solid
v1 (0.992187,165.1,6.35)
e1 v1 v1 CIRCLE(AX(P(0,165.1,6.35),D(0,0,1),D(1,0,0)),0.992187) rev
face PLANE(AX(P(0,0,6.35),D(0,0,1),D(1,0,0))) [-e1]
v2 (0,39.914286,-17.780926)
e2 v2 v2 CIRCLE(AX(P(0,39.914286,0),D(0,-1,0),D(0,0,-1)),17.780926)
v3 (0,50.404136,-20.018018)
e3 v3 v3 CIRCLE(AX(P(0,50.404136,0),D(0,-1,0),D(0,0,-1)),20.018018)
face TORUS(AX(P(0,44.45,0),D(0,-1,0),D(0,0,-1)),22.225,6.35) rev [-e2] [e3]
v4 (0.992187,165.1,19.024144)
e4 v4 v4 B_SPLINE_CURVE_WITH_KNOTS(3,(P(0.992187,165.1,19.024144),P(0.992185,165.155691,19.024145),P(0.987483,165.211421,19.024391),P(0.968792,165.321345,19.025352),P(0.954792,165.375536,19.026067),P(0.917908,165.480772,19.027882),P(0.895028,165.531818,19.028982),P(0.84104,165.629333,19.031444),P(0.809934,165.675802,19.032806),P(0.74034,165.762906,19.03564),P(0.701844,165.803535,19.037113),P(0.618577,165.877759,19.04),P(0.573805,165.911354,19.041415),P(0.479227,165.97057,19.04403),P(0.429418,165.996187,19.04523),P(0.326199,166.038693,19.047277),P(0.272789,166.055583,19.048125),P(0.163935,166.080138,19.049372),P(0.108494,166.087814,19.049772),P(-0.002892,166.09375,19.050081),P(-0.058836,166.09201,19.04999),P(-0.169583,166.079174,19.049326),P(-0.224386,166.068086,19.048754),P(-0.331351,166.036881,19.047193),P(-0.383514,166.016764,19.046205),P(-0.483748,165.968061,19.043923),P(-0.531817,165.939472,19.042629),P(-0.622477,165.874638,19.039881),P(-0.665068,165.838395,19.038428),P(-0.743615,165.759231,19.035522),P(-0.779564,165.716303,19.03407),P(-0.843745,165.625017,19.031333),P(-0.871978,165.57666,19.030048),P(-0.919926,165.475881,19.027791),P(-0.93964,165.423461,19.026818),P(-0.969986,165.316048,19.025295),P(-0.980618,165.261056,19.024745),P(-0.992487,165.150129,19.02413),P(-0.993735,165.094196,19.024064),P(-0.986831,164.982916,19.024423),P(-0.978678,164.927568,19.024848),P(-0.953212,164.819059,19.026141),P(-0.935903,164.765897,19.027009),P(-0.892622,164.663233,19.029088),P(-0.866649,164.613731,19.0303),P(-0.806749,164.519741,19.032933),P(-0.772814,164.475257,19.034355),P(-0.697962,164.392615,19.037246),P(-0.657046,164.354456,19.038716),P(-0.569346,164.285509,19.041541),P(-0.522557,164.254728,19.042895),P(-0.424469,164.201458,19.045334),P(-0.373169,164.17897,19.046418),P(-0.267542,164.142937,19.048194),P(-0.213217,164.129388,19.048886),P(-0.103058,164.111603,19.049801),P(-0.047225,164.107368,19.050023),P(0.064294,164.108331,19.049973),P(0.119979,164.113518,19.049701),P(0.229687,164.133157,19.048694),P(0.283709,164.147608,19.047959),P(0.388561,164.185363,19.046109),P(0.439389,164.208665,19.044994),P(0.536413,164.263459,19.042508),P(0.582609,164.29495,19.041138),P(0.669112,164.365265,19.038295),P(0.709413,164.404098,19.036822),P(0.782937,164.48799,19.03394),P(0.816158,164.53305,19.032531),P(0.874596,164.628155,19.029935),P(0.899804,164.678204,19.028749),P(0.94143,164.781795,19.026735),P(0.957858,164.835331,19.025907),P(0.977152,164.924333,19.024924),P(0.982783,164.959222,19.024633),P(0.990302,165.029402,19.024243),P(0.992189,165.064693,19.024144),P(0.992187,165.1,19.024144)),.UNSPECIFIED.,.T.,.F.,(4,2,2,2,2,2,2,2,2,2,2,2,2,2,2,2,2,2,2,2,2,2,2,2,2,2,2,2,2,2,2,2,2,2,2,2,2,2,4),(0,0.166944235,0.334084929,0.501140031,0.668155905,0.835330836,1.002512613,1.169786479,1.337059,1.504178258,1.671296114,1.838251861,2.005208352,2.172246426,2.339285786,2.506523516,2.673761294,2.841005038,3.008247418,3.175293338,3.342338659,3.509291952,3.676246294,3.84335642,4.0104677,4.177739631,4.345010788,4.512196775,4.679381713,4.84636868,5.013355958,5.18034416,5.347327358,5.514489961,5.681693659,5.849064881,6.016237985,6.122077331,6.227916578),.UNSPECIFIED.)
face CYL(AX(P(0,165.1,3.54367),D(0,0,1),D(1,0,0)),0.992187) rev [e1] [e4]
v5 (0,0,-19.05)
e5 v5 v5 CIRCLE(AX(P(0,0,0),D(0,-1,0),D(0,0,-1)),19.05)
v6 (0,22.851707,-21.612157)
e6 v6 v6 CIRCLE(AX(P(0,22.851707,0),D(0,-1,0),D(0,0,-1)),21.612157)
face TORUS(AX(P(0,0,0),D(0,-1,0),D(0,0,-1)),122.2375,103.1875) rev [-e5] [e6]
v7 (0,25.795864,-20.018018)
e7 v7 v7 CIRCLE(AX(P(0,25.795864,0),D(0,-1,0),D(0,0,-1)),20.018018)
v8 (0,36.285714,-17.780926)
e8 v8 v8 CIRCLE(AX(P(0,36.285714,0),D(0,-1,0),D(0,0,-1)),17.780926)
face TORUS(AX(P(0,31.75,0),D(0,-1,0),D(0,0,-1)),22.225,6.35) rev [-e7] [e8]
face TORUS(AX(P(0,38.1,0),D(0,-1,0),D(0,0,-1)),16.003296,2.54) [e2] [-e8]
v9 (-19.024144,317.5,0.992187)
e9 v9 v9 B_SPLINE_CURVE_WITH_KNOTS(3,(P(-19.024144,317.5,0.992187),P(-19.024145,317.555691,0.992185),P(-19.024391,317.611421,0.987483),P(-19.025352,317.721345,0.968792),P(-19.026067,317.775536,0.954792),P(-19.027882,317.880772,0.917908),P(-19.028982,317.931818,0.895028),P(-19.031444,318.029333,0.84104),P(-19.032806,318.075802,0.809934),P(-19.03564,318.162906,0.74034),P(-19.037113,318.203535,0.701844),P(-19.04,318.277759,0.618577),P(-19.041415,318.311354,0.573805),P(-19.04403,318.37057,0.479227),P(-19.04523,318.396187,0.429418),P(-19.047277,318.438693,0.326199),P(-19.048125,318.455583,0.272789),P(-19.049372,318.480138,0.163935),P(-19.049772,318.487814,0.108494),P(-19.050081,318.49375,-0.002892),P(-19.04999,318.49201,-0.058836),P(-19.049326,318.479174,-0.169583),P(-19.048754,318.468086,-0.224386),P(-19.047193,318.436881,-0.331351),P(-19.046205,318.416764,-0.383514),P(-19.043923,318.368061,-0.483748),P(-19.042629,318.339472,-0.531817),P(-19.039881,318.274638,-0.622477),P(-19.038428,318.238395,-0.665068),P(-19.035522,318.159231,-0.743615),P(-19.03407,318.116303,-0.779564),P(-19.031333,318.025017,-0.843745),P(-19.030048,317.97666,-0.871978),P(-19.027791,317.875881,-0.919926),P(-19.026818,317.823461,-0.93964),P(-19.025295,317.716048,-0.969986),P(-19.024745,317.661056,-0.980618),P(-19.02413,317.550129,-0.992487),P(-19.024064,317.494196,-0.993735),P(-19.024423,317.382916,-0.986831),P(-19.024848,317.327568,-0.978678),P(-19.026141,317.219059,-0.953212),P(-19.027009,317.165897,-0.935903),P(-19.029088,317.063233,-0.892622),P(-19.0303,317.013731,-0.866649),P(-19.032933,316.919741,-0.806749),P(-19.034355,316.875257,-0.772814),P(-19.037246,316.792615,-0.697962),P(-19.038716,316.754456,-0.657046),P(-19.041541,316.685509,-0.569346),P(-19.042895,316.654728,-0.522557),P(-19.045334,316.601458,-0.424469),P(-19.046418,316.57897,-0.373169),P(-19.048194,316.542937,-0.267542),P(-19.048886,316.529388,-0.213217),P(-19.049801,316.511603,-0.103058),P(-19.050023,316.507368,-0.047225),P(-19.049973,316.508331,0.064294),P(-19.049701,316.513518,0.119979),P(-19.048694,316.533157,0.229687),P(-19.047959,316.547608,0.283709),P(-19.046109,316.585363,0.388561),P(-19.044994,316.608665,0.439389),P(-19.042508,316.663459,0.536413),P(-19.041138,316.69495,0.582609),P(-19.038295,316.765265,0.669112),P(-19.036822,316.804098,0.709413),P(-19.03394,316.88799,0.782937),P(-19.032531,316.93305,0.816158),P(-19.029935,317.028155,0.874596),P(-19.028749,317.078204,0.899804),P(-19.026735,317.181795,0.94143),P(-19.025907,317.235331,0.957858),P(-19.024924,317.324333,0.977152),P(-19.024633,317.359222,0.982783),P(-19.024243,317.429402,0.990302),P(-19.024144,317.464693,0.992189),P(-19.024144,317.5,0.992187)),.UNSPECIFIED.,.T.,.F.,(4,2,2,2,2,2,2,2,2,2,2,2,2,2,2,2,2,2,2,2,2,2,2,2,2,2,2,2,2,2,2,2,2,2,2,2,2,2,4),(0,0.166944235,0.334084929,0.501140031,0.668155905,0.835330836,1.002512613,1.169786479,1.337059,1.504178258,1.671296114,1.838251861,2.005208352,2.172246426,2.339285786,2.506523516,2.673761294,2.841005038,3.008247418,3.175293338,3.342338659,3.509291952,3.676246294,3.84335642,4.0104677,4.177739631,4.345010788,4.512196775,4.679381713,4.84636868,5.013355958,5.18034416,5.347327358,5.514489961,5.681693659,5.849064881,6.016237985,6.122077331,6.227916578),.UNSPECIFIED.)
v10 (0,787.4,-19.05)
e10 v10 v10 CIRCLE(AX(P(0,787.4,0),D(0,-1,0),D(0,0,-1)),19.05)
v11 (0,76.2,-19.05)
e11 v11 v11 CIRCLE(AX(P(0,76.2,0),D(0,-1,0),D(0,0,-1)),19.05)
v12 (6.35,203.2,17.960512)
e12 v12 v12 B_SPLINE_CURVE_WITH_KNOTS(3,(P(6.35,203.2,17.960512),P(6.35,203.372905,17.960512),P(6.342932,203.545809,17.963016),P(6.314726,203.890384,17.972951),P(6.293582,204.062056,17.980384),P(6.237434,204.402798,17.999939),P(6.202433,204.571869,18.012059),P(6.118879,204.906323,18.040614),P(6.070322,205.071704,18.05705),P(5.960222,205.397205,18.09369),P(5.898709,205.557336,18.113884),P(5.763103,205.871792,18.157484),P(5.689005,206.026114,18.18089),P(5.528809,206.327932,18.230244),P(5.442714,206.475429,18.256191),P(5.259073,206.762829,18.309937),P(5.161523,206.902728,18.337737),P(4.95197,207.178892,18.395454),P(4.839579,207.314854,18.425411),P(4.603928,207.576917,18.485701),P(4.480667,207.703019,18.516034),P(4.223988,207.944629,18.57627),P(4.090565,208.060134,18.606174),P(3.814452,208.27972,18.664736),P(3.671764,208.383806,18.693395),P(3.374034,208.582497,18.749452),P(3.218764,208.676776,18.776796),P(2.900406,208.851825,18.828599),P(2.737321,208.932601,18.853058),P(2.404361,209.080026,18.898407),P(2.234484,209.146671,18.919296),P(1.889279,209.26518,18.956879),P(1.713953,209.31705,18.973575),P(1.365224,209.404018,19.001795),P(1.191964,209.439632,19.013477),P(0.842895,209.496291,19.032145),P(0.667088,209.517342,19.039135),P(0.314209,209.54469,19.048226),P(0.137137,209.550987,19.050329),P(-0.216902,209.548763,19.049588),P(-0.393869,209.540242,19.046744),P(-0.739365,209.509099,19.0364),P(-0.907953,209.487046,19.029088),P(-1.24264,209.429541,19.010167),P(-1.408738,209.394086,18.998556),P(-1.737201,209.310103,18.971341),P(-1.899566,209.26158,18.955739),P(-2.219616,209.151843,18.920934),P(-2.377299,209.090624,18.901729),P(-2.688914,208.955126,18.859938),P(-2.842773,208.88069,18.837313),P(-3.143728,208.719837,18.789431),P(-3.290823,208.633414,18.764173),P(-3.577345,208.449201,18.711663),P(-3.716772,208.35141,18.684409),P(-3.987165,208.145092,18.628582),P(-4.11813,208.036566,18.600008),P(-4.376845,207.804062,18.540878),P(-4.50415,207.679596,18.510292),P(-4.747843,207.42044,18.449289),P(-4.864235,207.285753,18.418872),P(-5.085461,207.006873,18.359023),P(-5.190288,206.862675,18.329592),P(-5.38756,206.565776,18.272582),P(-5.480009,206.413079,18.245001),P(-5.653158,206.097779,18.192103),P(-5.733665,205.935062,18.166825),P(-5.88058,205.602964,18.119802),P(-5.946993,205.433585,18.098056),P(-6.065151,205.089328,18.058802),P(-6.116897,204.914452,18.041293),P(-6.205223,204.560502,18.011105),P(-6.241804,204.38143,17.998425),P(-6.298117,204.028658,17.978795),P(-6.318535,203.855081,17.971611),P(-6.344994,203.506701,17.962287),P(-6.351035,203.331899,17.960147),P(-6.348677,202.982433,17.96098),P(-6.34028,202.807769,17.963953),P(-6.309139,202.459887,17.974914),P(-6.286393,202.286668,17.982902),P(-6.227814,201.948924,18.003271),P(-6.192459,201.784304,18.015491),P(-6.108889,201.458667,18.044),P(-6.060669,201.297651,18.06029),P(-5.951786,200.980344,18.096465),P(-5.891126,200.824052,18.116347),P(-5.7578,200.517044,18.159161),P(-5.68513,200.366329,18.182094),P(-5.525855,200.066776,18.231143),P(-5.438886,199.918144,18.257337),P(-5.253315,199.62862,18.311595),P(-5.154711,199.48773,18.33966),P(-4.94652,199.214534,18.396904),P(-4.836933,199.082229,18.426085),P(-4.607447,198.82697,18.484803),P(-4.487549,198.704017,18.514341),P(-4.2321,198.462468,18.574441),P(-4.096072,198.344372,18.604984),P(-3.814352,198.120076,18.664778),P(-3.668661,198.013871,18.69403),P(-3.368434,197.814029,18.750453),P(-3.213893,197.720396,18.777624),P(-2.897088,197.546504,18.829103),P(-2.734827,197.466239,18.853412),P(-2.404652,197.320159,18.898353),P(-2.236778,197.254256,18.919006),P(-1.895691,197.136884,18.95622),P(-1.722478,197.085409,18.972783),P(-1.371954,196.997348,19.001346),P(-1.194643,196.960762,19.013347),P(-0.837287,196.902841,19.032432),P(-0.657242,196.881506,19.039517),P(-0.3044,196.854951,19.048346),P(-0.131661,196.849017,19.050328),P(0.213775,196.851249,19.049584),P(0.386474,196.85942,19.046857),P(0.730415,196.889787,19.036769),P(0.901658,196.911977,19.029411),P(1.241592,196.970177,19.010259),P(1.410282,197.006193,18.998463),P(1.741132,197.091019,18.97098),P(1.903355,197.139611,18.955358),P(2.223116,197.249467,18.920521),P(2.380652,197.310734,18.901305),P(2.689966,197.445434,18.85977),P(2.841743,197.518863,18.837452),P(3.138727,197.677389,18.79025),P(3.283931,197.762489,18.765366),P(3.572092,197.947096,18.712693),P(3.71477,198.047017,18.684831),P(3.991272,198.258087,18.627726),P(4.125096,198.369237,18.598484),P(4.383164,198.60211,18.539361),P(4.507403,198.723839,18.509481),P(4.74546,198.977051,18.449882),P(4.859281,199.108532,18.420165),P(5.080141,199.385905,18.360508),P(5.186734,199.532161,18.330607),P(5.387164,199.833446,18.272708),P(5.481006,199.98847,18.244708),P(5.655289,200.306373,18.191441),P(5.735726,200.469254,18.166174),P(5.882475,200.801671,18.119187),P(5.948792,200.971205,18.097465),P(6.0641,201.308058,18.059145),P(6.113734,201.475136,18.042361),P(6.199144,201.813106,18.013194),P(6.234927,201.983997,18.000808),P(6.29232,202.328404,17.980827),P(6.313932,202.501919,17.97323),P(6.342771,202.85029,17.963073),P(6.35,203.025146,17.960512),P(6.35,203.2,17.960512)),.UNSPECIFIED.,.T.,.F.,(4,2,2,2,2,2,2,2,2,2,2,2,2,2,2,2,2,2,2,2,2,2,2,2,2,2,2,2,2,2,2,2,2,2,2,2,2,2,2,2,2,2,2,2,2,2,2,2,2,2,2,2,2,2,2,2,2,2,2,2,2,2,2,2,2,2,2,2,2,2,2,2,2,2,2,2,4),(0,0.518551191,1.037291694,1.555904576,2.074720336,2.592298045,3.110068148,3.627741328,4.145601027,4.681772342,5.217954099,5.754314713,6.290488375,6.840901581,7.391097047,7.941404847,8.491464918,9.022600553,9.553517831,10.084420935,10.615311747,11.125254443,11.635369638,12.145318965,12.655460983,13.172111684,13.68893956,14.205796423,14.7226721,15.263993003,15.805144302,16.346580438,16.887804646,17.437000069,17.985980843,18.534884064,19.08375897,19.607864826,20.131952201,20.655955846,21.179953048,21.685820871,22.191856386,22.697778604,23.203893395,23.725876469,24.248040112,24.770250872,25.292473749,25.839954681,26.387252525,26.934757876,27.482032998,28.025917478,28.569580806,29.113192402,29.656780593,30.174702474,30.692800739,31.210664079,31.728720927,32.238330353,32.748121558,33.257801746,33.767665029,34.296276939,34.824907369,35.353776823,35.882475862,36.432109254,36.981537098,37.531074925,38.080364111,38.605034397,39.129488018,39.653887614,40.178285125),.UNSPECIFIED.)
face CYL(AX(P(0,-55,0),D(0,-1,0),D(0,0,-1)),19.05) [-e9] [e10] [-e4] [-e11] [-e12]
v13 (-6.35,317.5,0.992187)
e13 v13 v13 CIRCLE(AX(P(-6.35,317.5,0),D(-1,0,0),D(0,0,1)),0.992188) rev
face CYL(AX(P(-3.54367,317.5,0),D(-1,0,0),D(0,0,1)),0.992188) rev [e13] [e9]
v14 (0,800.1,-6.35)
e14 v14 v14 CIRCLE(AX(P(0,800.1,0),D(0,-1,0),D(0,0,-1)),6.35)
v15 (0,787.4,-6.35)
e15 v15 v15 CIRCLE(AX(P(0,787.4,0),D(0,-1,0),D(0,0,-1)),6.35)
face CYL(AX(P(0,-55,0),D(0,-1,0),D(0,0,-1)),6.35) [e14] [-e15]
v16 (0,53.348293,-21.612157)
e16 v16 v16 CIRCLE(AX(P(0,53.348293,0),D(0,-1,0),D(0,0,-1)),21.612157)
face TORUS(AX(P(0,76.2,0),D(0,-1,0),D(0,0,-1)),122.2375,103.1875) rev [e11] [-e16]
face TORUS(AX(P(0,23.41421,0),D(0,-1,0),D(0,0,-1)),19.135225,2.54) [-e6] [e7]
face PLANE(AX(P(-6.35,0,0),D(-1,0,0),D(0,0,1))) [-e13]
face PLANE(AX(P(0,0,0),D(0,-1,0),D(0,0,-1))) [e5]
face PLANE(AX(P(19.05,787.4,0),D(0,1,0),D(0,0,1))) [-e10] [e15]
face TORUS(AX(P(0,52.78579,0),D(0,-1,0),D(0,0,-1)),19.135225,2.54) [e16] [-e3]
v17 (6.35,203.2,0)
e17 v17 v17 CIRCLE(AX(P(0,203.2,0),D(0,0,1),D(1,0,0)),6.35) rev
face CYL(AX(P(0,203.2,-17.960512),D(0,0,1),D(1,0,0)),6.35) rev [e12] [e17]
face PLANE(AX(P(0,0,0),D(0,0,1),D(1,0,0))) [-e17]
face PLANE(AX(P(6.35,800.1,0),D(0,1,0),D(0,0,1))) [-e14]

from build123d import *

# Parameters (mm, degrees)
CUT_EXTRUDE3_START = -19.05
SKETCH17_R         = 6.35
CUT_EXTRUDE3_DEPTH = 19.05
CUT_EXTRUDE4_START = -12.7
SKETCH18_R         = 0.9921875
CUT_EXTRUDE4_DEPTH = 12.7
CUT_EXTRUDE5_START = -12.7
SKETCH19_R         = 0.9921875
CUT_EXTRUDE5_DEPTH = 12.7


with BuildPart() as part:
    # revolve sketch → Revolve1 (revolve)
    with BuildSketch(Plane.XY, mode=Mode.PRIVATE) as revolve1_sk:
        with BuildLine():
            Line((0, 0), (19.05, 0))
            ThreePointArc((19.05, 0), (19.692539758, 11.497446902), (21.612156952, 22.851706562))
            ThreePointArc((21.612156952, 22.851706562), (21.368821871, 24.623609523), (20.018018165, 25.795864363))
            ThreePointArc((20.018018165, 25.795864363), (17.012666806, 28.123144244), (15.875, 31.75))
            ThreePointArc((15.875, 31.75), (16.370840305, 34.209941923), (17.780925752, 36.285714286))
            ThreePointArc((17.780925752, 36.285714286), (18.543296053, 38.1), (17.780925752, 39.914285714))
            ThreePointArc((17.780925752, 39.914285714), (16.370840305, 41.990058077), (15.875, 44.45))
            ThreePointArc((15.875, 44.45), (17.012666806, 48.076855756), (20.018018165, 50.404135637))
            ThreePointArc((20.018018165, 50.404135637), (21.368821871, 51.576390477), (21.612156952, 53.348293438))
            ThreePointArc((21.612156952, 53.348293438), (19.692539758, 64.702553098), (19.05, 76.2))
            Line((19.05, 76.2), (19.05, 787.4))
            Line((19.05, 787.4), (6.35, 787.4))
            Line((6.35, 787.4), (6.35, 800.1))
            Line((6.35, 800.1), (0, 800.1))
            Line((0, 800.1), (0, 0))
        make_face()
    revolve(revolve1_sk.sketch.rotate(Axis((0, -55, 0), (0, 1, 0)), 90), axis=Axis((0, -55, 0), (0, 1, 0)))

    # Sketch17 → Cut-Extrude3 (cut)
    with BuildSketch(Plane.XY.offset(19.05).offset(CUT_EXTRUDE3_START)):
        with Locations((0, 203.2)):
            Circle(SKETCH17_R)
    extrude(amount=CUT_EXTRUDE3_DEPTH, mode=Mode.SUBTRACT)

    # Sketch18 → Cut-Extrude4 (cut)
    with BuildSketch(Plane.XY.offset(19.05).offset(CUT_EXTRUDE4_START)):
        with Locations((0, 165.1)):
            Circle(SKETCH18_R)
    extrude(amount=CUT_EXTRUDE4_DEPTH, mode=Mode.SUBTRACT)

    # Sketch19 → Cut-Extrude5 (cut)
    with BuildSketch(Plane.ZY.offset(19.05).offset(CUT_EXTRUDE5_START)):
        with Locations((0, 317.5)):
            Circle(SKETCH19_R)
    extrude(amount=CUT_EXTRUDE5_DEPTH, mode=Mode.SUBTRACT)


solid = part.part
